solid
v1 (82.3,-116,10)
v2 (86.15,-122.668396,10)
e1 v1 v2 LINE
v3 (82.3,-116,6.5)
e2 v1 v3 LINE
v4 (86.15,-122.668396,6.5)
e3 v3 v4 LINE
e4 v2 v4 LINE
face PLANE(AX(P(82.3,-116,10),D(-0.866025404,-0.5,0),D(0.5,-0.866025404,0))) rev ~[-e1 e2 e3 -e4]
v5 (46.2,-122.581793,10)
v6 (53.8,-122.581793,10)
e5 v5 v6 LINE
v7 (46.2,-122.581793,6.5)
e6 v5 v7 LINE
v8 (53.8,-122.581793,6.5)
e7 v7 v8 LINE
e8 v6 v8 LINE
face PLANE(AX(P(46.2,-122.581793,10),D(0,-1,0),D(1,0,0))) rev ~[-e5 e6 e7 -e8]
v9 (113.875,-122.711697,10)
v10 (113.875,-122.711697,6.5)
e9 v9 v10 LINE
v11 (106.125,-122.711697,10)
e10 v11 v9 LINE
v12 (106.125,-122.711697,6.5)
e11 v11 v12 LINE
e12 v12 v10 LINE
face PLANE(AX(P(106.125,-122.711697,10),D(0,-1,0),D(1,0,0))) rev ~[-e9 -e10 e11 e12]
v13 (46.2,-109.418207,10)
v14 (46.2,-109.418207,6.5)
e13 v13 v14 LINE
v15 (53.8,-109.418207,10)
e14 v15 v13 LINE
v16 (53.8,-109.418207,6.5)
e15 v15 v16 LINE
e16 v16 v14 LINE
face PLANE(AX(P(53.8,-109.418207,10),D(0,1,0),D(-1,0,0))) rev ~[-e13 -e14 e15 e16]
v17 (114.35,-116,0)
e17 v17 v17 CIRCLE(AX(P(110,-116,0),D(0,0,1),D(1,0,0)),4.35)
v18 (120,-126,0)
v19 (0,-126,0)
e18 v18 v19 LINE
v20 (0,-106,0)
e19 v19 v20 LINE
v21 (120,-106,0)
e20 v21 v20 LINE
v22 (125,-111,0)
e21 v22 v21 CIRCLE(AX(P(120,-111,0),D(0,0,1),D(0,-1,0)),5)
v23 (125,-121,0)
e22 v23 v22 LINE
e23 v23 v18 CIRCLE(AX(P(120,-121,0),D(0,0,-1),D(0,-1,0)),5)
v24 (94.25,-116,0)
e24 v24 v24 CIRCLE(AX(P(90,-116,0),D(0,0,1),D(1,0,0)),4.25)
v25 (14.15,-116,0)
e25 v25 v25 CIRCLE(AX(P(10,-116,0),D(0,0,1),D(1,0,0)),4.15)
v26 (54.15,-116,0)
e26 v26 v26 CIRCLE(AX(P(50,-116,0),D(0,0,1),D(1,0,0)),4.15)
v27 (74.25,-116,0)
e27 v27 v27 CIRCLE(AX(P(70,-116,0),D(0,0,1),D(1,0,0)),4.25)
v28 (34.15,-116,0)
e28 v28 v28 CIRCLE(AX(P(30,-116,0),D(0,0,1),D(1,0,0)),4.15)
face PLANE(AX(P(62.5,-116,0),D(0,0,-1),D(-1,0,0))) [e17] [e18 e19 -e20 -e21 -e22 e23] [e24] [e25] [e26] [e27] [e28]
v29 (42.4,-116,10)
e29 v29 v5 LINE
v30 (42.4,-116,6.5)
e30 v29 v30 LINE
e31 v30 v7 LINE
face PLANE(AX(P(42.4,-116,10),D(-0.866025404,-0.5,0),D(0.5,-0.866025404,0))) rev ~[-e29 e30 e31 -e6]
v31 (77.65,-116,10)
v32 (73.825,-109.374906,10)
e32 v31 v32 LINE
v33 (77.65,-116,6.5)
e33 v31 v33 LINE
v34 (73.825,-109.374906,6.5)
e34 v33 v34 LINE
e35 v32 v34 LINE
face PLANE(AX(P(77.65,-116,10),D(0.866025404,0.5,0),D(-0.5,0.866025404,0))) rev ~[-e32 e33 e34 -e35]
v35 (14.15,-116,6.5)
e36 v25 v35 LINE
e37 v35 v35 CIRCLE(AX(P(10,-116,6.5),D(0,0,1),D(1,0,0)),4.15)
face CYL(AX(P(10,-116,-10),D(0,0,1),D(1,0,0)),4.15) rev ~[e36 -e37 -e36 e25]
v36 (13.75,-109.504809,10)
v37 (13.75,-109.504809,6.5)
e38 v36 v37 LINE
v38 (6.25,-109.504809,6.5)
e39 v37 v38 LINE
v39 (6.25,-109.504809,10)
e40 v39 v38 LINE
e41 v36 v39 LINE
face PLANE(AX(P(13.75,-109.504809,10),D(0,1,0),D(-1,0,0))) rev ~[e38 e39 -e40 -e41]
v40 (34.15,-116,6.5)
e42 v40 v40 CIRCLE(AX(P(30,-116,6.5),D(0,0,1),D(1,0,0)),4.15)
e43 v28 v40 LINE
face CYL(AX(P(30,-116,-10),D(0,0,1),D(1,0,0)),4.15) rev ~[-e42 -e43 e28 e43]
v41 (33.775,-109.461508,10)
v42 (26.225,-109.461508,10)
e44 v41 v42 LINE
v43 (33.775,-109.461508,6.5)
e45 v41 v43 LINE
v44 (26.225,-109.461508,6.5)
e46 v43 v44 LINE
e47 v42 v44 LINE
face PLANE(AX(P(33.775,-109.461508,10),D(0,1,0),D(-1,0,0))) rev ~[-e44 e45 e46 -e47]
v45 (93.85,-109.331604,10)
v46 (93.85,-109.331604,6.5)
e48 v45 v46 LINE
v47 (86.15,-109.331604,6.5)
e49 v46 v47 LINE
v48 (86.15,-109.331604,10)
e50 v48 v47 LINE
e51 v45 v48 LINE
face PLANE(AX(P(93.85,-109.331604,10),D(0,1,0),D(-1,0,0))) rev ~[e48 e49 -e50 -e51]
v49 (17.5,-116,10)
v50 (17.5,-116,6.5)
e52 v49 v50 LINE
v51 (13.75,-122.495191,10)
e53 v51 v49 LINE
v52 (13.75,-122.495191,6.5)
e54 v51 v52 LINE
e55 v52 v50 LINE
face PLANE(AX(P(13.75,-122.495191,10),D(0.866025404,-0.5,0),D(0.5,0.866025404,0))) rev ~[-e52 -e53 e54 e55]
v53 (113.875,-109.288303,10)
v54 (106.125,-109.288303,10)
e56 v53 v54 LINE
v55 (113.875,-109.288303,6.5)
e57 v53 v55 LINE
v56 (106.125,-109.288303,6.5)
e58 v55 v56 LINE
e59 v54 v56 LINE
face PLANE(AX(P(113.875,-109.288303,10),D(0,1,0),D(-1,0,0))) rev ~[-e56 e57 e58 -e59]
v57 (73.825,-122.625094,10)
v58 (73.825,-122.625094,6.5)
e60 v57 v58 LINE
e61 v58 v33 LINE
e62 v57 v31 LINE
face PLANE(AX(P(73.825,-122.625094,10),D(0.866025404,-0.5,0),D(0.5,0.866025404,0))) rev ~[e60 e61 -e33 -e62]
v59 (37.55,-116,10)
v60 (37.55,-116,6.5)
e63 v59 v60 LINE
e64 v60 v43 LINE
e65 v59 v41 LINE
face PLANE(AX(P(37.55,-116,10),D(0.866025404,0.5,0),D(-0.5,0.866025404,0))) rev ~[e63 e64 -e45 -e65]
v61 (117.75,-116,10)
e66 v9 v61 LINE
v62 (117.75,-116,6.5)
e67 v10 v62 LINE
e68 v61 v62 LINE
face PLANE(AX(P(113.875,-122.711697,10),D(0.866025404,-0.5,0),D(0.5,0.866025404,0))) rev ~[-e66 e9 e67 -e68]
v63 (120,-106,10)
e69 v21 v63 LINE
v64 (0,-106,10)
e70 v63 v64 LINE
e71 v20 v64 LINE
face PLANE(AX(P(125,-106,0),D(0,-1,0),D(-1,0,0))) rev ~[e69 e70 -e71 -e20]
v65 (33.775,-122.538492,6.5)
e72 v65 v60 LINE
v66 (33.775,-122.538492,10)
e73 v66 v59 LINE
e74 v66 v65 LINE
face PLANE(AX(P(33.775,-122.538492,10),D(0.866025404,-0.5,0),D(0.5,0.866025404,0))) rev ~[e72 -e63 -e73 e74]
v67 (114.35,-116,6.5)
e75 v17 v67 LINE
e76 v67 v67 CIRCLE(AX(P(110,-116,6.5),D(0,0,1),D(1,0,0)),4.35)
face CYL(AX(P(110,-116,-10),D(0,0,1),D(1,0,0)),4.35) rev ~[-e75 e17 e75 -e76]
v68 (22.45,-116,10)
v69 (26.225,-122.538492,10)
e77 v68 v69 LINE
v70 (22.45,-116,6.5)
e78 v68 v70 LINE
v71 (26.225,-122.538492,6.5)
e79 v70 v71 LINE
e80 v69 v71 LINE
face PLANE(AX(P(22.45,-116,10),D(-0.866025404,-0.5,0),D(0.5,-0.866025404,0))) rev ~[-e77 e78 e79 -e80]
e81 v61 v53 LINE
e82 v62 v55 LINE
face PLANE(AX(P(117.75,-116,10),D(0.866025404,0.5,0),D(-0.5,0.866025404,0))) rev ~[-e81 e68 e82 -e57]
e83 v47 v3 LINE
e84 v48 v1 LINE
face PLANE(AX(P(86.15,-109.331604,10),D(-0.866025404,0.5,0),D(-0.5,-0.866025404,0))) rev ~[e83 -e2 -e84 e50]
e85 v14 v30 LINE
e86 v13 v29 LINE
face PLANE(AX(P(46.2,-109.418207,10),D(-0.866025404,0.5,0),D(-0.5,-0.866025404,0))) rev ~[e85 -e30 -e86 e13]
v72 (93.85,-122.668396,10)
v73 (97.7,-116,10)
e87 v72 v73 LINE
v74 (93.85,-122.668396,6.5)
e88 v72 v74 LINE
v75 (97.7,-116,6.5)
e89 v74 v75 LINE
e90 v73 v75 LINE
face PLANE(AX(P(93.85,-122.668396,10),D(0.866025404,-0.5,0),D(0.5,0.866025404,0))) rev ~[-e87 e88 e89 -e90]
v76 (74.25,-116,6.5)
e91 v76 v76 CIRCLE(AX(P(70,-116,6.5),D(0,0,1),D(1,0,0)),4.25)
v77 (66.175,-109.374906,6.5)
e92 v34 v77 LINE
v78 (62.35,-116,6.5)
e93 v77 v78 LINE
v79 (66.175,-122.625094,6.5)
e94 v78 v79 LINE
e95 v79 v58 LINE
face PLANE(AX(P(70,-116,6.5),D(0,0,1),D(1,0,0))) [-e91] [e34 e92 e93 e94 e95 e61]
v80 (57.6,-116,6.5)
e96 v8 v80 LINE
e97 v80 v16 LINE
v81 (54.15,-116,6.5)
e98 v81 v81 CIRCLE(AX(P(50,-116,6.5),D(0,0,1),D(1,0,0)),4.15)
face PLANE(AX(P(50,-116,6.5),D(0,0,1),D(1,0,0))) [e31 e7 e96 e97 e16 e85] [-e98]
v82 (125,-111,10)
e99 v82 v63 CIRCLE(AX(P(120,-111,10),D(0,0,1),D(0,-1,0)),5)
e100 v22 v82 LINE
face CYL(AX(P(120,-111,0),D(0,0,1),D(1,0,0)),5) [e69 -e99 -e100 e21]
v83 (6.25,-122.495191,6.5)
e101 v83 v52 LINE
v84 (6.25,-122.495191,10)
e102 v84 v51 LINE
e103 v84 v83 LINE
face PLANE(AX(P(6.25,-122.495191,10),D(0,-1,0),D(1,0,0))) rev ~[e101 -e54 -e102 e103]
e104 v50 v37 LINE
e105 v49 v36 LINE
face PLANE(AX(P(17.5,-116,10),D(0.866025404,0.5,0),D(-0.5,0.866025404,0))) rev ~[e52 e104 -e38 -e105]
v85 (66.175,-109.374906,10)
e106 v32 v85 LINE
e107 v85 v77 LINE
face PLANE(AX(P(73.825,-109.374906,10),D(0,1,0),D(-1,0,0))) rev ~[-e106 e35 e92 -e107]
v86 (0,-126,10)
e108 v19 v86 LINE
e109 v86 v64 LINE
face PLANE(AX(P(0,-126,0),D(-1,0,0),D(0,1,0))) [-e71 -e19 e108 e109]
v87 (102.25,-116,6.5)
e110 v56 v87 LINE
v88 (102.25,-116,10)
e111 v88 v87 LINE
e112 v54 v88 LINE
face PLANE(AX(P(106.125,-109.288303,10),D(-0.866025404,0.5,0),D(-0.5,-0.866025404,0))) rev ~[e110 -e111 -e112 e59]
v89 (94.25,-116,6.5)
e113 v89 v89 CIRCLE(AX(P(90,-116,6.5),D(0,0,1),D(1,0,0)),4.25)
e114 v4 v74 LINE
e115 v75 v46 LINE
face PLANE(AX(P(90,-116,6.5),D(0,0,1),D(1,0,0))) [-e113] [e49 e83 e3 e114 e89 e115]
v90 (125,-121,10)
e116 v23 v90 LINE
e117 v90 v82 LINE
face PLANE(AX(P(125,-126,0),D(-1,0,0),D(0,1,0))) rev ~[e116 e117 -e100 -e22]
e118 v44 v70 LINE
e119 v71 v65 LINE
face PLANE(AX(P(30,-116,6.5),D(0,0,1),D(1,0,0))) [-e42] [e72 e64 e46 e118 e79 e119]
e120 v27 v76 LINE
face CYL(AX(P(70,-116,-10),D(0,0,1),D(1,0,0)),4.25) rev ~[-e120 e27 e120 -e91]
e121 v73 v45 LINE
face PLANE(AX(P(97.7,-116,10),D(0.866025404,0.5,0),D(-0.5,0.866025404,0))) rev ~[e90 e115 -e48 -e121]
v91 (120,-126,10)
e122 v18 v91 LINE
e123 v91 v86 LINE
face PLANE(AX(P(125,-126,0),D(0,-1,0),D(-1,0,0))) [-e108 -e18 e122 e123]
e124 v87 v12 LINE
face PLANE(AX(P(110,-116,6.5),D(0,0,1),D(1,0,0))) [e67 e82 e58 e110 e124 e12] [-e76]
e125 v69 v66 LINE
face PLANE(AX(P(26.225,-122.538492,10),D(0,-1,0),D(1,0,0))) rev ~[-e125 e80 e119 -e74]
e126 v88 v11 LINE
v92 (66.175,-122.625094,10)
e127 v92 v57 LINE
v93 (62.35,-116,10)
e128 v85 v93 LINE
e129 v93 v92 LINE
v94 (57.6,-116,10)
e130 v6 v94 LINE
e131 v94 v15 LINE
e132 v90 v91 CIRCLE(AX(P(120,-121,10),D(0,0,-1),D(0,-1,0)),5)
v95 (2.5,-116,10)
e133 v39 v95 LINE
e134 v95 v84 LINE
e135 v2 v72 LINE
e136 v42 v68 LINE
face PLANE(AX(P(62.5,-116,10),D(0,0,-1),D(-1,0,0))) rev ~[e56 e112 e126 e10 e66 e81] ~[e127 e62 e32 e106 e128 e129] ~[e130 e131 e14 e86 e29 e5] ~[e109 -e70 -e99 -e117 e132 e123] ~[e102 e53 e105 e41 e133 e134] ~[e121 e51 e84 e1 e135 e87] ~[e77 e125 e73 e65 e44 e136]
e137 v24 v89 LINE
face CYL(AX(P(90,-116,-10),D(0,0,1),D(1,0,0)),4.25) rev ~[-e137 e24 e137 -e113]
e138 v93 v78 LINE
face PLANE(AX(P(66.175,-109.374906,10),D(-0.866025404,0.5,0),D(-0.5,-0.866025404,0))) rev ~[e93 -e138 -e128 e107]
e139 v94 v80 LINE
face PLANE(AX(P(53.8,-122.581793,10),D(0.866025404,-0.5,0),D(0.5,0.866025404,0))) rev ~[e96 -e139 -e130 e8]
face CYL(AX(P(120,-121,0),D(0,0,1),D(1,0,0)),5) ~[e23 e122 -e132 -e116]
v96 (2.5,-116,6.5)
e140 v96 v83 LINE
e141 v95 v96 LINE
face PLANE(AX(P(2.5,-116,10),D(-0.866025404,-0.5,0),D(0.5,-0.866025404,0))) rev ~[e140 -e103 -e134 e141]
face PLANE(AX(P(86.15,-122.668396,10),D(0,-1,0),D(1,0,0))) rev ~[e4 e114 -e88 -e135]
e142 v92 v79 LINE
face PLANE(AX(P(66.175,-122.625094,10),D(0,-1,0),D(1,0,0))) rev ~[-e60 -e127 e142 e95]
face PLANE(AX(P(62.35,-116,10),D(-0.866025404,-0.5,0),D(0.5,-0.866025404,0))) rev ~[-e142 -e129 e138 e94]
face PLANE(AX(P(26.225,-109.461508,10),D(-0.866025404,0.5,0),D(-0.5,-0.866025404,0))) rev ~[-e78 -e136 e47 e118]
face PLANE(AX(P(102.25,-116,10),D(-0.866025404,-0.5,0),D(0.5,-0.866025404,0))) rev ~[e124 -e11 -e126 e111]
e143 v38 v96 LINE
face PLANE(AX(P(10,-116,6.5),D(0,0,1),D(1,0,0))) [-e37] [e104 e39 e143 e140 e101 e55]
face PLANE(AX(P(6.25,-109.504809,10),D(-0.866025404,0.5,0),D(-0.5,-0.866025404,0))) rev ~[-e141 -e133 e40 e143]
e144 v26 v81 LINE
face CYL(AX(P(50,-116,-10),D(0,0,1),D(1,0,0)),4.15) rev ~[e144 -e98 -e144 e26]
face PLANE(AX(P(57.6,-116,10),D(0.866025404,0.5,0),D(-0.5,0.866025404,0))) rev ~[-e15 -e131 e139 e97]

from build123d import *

# Parameters (mm, degrees)
SKETCH_1_W                  = 125
SKETCH_1_H                  = 20
EXTRUDE_1_DEPTH             = 10
CUT_EXTRUDE_1_DEPTH         = 3.5
CUT_EXTRUDE_2_DEPTH         = 3.5
CUT_EXTRUDE_3_DEPTH         = 3.5
CUT_EXTRUDE_4_DEPTH         = 3.5
CUT_EXTRUDE_5_DEPTH         = 3.5
CUT_EXTRUDE_6_DEPTH         = 3.5
HOLE_WIZARD_8_7_8_7_1_D     = 8.7
HOLE_WIZARD_8_7_8_7_1_DEPTH = 10
HOLE_WIZARD_8_5_8_5_1_D     = 8.5
HOLE_WIZARD_8_5_8_5_1_DEPTH = 10
HOLE_WIZARD_8_3_8_3_1_D     = 8.3
HOLE_WIZARD_8_3_8_3_1_DEPTH = 10
FILLET_1_R                  = 5


with BuildPart() as part:
    # 草图1 → 凸台-拉伸1 (new body)
    with BuildSketch(Plane(origin=(0, 0, 0), x_dir=(-1, 0, 0), z_dir=(0, 0, -1))):
        with Locations((-62.5, -116)):
            Rectangle(SKETCH_1_W, SKETCH_1_H)
    extrude(amount=-EXTRUDE_1_DEPTH)

    # 草图2 → 切除-拉伸1 (cut)
    with BuildSketch(Plane.XY.offset(10)):
        Polygon((93.85, -122.668395609), (97.7, -116), (93.85, -109.331604391), (86.15, -109.331604391), (82.3, -116), (86.15, -122.668395609), align=None)
    extrude(amount=-CUT_EXTRUDE_1_DEPTH, mode=Mode.SUBTRACT)

    # 草图3 → 切除-拉伸2 (cut)
    with BuildSketch(Plane.XY.offset(10)):
        Polygon((73.825, -122.625094339), (77.65, -116), (73.825, -109.374905661), (66.175, -109.374905661), (62.35, -116), (66.175, -122.625094339), align=None)
    extrude(amount=-CUT_EXTRUDE_2_DEPTH, mode=Mode.SUBTRACT)

    # 草图4 → 切除-拉伸3 (cut)
    with BuildSketch(Plane.XY.offset(10)):
        Polygon((53.8, -122.581793069), (57.6, -116), (53.8, -109.418206931), (46.2, -109.418206931), (42.4, -116), (46.2, -122.581793069), align=None)
    extrude(amount=-CUT_EXTRUDE_3_DEPTH, mode=Mode.SUBTRACT)

    # 草图5 → 切除-拉伸4 (cut)
    with BuildSketch(Plane.XY.offset(10)):
        Polygon((33.775, -122.538491799), (37.55, -116), (33.775, -109.461508201), (26.225, -109.461508201), (22.45, -116), (26.225, -122.538491799), align=None)
    extrude(amount=-CUT_EXTRUDE_4_DEPTH, mode=Mode.SUBTRACT)

    # 草图6 → 切除-拉伸5 (cut)
    with BuildSketch(Plane.XY.offset(10)):
        Polygon((13.75, -122.495190528), (17.5, -116), (13.75, -109.504809472), (6.25, -109.504809472), (2.5, -116), (6.25, -122.495190528), align=None)
    extrude(amount=-CUT_EXTRUDE_5_DEPTH, mode=Mode.SUBTRACT)

    # 草图7 → 切除-拉伸6 (cut)
    with BuildSketch(Plane.XY.offset(10)):
        Polygon((113.875, -122.711696879), (117.75, -116), (113.875, -109.288303121), (106.125, -109.288303121), (102.25, -116), (106.125, -122.711696879), align=None)
    extrude(amount=-CUT_EXTRUDE_6_DEPTH, mode=Mode.SUBTRACT)

    # Ø8.7 (8.7) 直径孔1
    with Locations(Plane(origin=(0, 0, 0), x_dir=(-1, 0, 0), z_dir=(0, 0, -1))):
        with Locations((-110, -116)):
            Hole(HOLE_WIZARD_8_7_8_7_1_D / 2, depth=HOLE_WIZARD_8_7_8_7_1_DEPTH)

    # Ø8.5 (8.5) 直径孔1
    with Locations(Plane(origin=(0, 0, 0), x_dir=(-1, 0, 0), z_dir=(0, 0, -1))):
        with Locations((-70, -116), (-90, -116)):
            Hole(HOLE_WIZARD_8_5_8_5_1_D / 2, depth=HOLE_WIZARD_8_5_8_5_1_DEPTH)

    # Ø8.3 (8.3) 直径孔1
    with Locations(Plane(origin=(0, 0, 0), x_dir=(-1, 0, 0), z_dir=(0, 0, -1))):
        with Locations((-30, -116), (-50, -116), (-10, -116)):
            Hole(HOLE_WIZARD_8_3_8_3_1_D / 2, depth=HOLE_WIZARD_8_3_8_3_1_DEPTH)

    # 圆角1
    fillet_1_edges = [part.edges().sort_by_distance(p)[0] for p in [
        (125, -126, 5),
        (125, -106, 5),
    ]]
    fillet(fillet_1_edges, radius=FILLET_1_R)


solid = part.part
